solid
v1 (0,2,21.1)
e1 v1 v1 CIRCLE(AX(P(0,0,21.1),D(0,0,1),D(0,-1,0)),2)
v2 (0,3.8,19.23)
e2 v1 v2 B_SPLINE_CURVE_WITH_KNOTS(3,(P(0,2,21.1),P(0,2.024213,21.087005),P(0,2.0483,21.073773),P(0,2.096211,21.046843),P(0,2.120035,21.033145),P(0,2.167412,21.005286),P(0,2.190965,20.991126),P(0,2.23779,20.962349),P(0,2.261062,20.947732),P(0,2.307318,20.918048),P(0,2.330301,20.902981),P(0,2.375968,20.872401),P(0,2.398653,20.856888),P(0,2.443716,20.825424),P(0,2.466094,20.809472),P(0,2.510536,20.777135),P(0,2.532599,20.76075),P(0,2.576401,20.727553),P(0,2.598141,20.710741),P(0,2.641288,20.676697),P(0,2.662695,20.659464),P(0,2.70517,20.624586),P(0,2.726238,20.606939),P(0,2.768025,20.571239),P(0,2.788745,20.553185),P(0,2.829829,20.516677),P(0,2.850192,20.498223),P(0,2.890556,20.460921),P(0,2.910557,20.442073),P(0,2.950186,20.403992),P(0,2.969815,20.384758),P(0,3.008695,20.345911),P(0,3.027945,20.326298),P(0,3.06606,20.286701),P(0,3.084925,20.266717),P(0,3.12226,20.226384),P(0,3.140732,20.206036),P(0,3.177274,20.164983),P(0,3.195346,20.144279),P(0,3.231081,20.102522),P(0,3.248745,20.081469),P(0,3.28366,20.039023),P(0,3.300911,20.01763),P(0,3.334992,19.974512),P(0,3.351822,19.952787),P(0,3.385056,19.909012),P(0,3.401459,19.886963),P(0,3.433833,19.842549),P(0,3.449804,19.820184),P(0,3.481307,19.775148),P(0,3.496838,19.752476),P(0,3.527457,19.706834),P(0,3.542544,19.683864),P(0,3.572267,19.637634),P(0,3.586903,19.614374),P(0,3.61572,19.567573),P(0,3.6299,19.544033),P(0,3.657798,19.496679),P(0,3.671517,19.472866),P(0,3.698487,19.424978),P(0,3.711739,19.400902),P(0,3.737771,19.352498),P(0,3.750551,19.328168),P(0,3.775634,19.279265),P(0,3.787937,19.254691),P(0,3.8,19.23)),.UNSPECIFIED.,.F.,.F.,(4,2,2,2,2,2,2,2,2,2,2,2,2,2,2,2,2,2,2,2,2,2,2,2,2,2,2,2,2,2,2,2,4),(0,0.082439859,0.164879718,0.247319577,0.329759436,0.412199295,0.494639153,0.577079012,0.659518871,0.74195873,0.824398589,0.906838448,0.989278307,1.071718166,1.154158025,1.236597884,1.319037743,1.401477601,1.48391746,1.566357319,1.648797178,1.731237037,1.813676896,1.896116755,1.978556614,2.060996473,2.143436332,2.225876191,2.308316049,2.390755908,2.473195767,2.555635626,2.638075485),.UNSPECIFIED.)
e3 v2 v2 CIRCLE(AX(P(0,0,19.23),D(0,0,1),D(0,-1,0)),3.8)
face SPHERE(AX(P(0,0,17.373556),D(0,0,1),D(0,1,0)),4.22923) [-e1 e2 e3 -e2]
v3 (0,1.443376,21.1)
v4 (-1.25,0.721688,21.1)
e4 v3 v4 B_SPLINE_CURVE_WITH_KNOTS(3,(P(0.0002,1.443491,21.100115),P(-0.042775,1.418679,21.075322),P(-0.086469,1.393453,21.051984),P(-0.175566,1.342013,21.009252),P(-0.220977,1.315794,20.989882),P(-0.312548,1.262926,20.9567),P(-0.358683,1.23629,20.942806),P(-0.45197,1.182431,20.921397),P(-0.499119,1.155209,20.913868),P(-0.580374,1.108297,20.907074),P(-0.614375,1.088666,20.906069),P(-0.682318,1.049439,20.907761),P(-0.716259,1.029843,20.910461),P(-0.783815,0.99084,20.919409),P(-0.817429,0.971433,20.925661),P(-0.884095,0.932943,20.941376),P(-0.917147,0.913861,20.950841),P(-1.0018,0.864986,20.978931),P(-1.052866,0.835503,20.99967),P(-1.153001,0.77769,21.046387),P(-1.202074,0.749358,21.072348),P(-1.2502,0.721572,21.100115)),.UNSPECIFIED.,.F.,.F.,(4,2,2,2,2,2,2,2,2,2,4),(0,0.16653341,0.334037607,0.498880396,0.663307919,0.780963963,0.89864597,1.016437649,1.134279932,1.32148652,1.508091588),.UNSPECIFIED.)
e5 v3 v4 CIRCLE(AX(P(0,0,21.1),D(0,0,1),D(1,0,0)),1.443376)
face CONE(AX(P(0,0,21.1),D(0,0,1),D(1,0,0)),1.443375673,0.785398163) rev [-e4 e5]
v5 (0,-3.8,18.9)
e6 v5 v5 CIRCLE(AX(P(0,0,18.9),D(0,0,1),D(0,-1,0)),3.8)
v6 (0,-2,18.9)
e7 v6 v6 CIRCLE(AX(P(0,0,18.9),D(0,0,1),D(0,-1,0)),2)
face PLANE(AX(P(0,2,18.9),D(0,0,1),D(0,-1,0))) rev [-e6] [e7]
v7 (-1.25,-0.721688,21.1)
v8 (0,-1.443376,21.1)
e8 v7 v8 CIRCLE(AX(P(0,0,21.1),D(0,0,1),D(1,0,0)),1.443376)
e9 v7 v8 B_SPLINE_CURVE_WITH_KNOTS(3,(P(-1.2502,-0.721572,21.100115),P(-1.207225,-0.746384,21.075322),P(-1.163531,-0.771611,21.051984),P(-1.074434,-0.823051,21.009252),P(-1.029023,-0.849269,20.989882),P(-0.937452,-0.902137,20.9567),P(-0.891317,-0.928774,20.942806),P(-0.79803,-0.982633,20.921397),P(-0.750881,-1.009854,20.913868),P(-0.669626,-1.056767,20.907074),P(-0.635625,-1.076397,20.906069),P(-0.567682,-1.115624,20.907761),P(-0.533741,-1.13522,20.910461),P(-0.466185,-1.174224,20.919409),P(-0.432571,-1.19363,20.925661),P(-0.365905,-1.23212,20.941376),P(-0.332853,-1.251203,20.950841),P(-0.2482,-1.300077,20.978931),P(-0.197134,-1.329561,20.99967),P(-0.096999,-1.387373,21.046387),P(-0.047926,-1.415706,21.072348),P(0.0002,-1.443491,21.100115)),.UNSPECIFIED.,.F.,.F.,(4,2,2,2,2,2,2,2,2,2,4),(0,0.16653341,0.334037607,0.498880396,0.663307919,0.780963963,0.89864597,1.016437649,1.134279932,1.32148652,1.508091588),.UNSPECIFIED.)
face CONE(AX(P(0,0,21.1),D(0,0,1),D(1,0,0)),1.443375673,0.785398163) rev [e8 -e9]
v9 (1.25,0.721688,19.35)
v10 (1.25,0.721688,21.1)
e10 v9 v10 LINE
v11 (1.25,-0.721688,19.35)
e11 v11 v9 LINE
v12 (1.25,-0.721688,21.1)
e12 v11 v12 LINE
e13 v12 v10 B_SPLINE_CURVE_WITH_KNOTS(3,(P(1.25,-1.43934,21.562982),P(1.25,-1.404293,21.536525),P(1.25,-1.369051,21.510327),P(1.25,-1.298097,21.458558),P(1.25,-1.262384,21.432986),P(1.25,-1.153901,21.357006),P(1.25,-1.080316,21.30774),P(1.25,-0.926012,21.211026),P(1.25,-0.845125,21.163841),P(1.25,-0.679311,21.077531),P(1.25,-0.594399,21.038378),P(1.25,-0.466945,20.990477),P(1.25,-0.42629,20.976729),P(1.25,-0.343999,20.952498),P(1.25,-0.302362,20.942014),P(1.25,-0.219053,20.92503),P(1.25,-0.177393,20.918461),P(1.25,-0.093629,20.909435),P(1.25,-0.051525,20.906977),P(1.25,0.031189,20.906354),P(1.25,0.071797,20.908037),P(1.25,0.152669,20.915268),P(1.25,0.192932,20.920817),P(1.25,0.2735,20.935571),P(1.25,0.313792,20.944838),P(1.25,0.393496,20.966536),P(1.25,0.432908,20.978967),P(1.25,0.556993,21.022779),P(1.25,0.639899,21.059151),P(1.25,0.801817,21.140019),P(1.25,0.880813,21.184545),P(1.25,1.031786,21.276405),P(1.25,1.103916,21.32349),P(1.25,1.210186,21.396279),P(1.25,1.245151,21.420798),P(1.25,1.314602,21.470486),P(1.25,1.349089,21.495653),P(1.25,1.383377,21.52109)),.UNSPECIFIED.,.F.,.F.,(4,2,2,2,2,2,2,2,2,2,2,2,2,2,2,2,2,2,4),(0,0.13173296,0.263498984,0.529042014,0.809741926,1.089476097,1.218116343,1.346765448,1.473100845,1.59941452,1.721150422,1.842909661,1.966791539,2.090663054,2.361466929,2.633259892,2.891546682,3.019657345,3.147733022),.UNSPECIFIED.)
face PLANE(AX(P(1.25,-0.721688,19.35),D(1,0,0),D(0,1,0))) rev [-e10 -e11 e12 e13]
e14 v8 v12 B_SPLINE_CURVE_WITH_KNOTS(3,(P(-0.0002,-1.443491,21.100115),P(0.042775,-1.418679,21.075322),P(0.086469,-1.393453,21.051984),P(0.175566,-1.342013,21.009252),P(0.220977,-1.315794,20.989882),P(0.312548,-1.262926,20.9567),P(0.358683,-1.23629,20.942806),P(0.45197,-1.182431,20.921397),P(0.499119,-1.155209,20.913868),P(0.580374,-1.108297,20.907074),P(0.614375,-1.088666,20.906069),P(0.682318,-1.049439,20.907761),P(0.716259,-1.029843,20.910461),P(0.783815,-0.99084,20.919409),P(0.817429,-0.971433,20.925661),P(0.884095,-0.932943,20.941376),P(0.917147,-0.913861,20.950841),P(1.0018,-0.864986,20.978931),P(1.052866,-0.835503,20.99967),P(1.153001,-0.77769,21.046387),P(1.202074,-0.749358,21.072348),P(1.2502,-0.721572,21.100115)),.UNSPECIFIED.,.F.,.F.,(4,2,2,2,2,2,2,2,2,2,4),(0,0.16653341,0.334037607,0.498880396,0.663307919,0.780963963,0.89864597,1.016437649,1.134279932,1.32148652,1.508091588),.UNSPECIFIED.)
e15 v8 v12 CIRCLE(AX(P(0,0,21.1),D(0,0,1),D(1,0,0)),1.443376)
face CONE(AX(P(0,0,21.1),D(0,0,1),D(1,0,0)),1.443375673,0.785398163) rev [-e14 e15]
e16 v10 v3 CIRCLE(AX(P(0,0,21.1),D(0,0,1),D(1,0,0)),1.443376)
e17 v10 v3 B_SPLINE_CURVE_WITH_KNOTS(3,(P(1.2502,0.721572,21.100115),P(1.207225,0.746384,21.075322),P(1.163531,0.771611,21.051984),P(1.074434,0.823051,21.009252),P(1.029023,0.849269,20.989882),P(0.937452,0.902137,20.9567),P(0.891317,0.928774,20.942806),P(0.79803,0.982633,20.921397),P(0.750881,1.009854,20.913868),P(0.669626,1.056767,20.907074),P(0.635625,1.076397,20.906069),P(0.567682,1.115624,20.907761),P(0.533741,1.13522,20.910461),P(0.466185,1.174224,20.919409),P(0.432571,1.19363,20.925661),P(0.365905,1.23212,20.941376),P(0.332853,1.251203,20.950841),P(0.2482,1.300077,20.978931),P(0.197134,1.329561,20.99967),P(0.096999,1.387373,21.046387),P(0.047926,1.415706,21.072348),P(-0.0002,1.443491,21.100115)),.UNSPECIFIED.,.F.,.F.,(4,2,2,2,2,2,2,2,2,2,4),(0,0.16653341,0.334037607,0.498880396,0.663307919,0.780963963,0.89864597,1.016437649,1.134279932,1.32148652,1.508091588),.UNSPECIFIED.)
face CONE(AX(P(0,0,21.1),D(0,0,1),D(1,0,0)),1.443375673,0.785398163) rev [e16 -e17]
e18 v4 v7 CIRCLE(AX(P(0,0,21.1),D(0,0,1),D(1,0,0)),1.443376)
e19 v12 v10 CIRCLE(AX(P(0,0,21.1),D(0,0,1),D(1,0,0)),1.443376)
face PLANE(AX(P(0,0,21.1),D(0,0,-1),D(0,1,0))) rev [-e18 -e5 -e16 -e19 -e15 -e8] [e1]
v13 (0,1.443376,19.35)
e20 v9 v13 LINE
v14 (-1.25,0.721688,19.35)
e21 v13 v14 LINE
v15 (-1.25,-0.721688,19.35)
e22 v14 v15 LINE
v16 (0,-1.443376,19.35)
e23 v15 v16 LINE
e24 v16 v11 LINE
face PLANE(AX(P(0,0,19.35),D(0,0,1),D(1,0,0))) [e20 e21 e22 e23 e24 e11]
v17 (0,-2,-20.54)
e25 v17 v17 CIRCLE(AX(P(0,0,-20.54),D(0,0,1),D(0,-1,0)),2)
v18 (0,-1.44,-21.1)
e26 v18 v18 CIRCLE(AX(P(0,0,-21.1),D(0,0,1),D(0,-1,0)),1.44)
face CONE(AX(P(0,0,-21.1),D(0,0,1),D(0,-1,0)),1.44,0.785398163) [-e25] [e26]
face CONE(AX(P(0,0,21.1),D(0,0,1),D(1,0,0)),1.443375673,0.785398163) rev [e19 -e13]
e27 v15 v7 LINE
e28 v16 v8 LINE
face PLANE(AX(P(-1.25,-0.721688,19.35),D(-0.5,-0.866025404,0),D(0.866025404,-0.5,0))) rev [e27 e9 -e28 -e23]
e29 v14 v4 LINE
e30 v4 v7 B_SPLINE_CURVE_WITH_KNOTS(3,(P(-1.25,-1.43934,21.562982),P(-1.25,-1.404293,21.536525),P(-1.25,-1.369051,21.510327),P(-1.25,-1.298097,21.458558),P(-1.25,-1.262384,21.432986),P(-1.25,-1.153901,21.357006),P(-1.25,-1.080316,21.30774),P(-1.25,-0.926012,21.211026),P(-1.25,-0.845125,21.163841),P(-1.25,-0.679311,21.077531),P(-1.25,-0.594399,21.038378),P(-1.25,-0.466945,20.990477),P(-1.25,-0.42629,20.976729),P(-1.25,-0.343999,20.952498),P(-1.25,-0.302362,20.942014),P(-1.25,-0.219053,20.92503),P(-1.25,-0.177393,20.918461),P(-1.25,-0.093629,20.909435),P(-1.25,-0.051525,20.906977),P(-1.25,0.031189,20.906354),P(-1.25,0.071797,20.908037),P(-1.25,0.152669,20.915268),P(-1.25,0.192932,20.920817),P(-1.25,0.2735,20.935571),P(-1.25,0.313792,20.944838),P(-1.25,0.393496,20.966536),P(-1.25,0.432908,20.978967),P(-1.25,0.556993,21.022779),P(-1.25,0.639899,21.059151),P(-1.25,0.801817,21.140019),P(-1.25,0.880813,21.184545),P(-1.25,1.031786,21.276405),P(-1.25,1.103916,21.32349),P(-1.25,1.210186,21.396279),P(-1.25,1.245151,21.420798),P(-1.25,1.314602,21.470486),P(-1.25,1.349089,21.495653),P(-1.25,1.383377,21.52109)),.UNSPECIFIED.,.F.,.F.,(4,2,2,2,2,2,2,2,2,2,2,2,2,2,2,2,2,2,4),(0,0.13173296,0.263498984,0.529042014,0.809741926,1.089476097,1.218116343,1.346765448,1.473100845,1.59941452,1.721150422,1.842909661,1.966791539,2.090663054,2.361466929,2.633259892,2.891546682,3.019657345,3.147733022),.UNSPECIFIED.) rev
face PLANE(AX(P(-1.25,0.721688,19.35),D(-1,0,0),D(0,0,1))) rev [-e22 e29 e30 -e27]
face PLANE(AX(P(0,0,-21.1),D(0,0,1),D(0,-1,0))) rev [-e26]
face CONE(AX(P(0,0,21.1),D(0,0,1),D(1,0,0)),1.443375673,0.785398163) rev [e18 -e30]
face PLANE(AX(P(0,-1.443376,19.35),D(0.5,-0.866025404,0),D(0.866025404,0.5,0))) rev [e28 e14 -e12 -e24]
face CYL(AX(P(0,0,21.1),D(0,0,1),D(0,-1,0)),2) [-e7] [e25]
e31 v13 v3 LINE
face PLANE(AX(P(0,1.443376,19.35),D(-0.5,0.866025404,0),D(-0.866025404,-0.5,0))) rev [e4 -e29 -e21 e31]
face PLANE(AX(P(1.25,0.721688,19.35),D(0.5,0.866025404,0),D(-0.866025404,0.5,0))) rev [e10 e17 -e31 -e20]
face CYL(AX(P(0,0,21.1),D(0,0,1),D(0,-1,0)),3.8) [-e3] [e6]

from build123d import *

# Parameters (mm, degrees)
CUT_EXTRUDE1_DEPTH = 1.75


with BuildPart() as part:
    # Sketch2 → Revolve1 (revolve)
    with BuildSketch(Plane(origin=(0, 0, 0), x_dir=(0, 0, -1), z_dir=(1, 0, 0)), mode=Mode.PRIVATE) as revolve1_sk:
        with BuildLine():
            Line((-21.1, 0), (21.1, 0))
            Line((21.1, 0), (21.1, 1.44))
            Line((21.1, 1.44), (20.54, 2))
            Line((20.54, 2), (-18.9, 2))
            Line((-18.9, 2), (-18.9, 3.8))
            Line((-18.9, 3.8), (-19.23, 3.8))
            ThreePointArc((-19.23, 3.8), (-20.306499853, 3.047002626), (-21.1, 2))
            Line((-21.1, 2), (-21.1, 0))
        make_face()
    revolve(revolve1_sk.sketch.rotate(Axis((0, 0, 21.1), (0, 0, -1)), 180), axis=Axis((0, 0, 21.1), (0, 0, -1)))

    # Sketch3 → Cut-Extrude1 (cut)
    with BuildSketch(Plane.XY.offset(21.1)):
        Polygon((0, 1.443375673), (-1.25, 0.721687836), (-1.25, -0.721687836), (0, -1.443375673), (1.25, -0.721687836), (1.25, 0.721687836), align=None)
    extrude(amount=-CUT_EXTRUDE1_DEPTH, mode=Mode.SUBTRACT)

    # Cut-Extrude2 cone 1 section (through the dimple's axis) → Cut-Extrude2 (revolve, cut)
    with BuildSketch(Plane(origin=(0, 0, 21.1), x_dir=(0, -1, 0), z_dir=(1, 0, 0))):
        Polygon((0, 0), (1.443375673, 0), (0, 1.443375673), align=None)
    revolve(axis=Axis((0, 0, 21.1), (0, 0, -1)), mode=Mode.SUBTRACT)


solid = part.part
